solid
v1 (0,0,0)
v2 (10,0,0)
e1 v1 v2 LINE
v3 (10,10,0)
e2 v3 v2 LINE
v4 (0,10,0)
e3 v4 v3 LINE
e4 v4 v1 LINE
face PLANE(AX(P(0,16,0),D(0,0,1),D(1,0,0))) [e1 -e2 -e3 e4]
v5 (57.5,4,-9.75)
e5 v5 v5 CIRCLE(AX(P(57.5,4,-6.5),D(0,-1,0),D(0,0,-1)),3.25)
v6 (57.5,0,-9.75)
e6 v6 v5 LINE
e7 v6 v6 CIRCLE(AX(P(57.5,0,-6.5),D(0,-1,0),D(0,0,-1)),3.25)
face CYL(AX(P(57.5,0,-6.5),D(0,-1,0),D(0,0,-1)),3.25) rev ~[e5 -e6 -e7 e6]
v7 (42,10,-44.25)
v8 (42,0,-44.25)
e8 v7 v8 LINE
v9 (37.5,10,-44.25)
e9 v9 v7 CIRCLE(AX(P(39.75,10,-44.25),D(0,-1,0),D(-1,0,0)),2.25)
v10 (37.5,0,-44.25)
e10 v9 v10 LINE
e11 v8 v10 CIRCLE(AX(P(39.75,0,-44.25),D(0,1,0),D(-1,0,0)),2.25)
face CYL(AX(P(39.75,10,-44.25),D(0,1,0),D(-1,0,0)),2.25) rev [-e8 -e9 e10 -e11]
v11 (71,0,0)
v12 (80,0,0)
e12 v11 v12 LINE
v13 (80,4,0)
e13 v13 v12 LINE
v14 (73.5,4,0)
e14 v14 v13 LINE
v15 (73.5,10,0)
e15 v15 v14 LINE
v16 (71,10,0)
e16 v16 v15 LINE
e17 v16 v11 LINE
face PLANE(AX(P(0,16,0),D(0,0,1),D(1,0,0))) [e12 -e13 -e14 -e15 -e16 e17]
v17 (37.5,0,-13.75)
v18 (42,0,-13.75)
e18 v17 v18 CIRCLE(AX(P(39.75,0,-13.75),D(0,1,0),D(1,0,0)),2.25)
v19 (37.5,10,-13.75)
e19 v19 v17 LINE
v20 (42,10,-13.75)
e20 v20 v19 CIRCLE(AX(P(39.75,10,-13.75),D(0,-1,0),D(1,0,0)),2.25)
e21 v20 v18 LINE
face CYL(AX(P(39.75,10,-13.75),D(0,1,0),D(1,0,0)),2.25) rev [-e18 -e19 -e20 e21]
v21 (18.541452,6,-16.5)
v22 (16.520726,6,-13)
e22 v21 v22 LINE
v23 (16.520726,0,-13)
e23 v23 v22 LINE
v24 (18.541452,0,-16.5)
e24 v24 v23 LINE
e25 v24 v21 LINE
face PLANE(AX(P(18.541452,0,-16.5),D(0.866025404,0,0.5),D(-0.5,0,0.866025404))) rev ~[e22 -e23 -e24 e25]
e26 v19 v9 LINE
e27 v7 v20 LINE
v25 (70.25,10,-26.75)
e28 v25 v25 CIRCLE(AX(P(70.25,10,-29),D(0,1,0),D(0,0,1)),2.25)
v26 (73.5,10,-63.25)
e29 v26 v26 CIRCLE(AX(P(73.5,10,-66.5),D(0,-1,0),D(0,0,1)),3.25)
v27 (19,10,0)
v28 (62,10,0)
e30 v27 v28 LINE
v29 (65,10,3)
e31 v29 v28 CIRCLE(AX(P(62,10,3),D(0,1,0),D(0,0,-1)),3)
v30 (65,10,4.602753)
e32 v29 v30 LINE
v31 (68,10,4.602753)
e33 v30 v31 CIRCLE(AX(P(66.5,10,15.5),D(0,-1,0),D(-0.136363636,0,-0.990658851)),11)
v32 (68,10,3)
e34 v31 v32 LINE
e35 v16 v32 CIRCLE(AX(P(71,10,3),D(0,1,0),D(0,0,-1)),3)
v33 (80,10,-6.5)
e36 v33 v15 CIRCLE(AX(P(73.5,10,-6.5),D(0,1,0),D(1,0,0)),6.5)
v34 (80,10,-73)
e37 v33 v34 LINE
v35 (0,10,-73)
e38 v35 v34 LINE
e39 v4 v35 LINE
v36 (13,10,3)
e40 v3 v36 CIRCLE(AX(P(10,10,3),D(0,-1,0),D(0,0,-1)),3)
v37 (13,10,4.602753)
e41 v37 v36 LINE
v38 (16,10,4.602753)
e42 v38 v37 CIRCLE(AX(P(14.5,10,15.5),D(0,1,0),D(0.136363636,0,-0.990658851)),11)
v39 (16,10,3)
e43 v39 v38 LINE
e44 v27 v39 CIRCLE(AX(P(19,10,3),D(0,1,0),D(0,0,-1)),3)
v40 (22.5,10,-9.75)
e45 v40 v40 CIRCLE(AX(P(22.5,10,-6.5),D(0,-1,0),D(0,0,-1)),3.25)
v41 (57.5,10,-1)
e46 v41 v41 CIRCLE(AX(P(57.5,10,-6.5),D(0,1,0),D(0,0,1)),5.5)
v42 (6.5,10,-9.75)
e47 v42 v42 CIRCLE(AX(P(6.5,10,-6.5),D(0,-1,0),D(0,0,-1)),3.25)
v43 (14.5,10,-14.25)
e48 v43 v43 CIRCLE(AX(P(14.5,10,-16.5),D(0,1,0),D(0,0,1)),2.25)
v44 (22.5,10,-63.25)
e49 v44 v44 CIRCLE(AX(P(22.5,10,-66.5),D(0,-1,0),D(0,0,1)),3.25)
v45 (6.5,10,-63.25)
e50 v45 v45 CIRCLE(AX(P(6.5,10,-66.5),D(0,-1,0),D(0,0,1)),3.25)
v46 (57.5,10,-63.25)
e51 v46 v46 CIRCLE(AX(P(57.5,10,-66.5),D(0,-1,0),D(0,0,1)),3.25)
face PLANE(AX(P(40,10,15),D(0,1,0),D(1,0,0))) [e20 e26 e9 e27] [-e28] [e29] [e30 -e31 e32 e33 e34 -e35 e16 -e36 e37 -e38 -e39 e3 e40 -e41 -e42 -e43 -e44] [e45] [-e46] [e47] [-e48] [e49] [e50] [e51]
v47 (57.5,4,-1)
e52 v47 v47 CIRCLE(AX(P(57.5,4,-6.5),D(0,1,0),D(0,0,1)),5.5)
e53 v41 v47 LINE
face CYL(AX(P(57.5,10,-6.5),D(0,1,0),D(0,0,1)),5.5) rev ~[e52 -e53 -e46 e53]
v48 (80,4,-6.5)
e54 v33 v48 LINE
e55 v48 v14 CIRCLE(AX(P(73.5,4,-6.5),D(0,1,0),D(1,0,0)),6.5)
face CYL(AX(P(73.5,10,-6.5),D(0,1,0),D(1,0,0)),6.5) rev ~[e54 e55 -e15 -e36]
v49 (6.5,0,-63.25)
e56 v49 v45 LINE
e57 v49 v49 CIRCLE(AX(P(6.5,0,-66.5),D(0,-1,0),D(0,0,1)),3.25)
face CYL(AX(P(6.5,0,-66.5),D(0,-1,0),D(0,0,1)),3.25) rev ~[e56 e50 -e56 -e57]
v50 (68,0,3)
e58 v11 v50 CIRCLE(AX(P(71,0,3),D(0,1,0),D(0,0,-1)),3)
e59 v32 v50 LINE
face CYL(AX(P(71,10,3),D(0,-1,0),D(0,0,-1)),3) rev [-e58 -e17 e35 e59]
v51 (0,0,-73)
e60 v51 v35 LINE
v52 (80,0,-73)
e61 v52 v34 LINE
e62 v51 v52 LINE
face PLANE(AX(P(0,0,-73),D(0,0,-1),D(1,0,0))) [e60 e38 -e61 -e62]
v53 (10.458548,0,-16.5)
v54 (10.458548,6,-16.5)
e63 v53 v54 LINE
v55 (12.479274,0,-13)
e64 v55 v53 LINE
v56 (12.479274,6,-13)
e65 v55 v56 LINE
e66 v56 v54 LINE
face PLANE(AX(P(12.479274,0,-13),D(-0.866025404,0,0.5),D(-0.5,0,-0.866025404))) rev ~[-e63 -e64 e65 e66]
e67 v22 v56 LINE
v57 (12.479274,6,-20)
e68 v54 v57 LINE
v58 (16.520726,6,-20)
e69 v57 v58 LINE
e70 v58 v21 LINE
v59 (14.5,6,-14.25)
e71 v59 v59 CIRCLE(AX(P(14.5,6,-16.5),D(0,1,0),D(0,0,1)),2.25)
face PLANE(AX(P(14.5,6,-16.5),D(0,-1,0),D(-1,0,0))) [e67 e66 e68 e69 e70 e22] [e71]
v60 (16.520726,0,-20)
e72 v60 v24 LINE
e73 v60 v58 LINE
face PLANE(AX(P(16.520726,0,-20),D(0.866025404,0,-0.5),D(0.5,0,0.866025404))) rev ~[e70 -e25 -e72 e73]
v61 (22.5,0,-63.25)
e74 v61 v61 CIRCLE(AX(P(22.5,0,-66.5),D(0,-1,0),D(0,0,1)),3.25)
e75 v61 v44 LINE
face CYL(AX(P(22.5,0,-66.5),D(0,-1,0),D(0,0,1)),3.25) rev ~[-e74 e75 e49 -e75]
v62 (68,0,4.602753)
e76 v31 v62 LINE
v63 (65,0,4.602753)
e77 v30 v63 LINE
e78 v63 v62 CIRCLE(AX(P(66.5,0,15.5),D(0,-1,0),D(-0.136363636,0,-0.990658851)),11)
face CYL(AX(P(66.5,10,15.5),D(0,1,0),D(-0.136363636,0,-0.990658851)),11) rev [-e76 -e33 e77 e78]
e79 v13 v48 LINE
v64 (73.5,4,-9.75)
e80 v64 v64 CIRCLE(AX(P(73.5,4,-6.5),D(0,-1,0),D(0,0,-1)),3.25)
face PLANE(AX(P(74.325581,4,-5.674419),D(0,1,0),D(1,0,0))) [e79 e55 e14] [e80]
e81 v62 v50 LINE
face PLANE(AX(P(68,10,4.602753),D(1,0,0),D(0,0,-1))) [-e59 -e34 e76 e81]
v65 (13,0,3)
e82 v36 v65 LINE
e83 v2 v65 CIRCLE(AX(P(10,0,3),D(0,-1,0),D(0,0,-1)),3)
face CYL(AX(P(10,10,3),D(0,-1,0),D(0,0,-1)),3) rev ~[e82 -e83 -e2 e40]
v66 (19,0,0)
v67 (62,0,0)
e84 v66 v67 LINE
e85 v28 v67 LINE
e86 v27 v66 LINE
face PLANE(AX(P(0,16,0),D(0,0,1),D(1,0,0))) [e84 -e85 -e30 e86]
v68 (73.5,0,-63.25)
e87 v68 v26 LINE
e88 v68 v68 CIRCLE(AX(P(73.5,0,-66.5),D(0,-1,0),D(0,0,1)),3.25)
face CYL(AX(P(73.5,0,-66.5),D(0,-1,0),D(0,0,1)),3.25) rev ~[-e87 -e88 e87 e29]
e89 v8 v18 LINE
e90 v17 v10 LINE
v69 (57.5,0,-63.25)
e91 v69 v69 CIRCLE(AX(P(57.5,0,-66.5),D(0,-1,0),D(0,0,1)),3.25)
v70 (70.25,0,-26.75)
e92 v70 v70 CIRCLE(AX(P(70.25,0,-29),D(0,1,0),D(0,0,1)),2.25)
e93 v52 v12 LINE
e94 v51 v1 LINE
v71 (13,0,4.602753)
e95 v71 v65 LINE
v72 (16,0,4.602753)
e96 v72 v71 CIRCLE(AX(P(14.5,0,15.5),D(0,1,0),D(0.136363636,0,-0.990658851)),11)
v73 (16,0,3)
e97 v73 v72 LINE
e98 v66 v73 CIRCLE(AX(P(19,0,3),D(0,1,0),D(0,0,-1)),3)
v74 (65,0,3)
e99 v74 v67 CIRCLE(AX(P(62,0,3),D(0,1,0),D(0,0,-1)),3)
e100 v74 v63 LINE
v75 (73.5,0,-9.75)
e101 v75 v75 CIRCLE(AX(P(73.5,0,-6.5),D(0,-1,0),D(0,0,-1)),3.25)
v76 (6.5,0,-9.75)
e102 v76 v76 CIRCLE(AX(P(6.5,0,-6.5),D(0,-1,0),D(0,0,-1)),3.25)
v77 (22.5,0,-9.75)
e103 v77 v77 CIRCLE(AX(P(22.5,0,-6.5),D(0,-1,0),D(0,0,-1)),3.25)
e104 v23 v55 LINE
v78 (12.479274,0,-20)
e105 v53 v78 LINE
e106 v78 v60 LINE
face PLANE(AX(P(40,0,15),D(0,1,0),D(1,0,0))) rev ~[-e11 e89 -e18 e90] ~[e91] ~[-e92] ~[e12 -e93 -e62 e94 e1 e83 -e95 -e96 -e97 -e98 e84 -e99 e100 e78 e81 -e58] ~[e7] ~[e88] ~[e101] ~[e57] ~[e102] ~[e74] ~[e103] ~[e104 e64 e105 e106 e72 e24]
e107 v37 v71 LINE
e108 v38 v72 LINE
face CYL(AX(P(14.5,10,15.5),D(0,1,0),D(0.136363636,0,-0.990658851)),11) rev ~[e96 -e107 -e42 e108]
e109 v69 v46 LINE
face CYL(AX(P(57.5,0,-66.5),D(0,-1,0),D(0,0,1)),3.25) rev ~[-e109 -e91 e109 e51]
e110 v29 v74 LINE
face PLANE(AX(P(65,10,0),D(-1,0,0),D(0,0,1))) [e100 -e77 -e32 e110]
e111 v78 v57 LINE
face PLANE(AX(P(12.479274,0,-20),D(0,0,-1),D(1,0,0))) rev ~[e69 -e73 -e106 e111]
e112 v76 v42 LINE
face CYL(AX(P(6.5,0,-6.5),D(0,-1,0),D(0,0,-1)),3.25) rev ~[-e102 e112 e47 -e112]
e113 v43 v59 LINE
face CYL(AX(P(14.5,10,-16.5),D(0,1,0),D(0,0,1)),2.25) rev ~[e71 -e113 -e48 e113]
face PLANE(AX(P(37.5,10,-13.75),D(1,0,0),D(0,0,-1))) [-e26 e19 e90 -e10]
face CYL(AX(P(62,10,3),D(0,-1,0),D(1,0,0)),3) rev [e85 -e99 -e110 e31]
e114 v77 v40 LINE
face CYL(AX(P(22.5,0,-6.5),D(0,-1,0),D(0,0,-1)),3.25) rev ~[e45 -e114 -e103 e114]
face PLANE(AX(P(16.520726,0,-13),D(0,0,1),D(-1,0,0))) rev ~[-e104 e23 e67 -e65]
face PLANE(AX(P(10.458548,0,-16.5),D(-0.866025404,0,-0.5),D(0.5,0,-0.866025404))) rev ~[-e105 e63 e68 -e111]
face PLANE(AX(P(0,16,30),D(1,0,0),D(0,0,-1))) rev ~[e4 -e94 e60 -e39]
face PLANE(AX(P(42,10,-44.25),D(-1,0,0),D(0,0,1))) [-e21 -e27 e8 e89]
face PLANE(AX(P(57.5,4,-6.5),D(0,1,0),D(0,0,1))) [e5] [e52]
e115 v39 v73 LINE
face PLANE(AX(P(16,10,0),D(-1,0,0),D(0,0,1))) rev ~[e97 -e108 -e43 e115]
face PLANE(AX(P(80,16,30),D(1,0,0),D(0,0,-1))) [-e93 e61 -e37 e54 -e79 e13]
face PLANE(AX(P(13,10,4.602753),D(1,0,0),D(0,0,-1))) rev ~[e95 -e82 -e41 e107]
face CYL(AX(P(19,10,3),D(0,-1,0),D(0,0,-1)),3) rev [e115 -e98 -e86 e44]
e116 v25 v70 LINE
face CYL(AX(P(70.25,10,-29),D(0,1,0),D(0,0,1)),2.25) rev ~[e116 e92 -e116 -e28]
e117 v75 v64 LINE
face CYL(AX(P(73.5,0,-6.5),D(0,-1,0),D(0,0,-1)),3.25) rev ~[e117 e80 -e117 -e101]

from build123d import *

# Parameters (mm, degrees)
SKETCH1_W           = 80
SKETCH1_H           = 73
BOSS_EXTRUDE1_DEPTH = 10
SKETCH3_R           = 3.25
CUT_EXTRUDE1_DEPTH  = 10
SKETCH4_W           = 80
SKETCH4_H           = 30
SKETCH4_R           = 11.5
BOSS_EXTRUDE2_DEPTH = 10
BOSS_EXTRUDE3_START = 6
SKETCH5_W           = 80
SKETCH5_H           = 29.5
SKETCH5_R           = 11.5
BOSS_EXTRUDE3_DEPTH = 6
SKETCH6_R           = 2.25
CUT_EXTRUDE2_DEPTH  = 28
SKETCH7_W           = 80
SKETCH7_H           = 30
CUT_EXTRUDE3_DEPTH  = 20
BOSS_EXTRUDE4_DEPTH = 10
SKETCH9_R           = 5.5
CUT_EXTRUDE4_DEPTH  = 6
FILLET1_R           = 3
SKETCH10_R          = 2.25
CUT_EXTRUDE5_DEPTH  = 16
CUT_EXTRUDE6_DEPTH  = 6


with BuildPart() as part:
    # Sketch1 → Boss-Extrude1 (new body)
    with BuildSketch(Plane(origin=(0, 0, 0), x_dir=(1, 0, 0), z_dir=(0, 1, 0))):
        with Locations((40, 36.5)):
            Rectangle(SKETCH1_W, SKETCH1_H)
    extrude(amount=BOSS_EXTRUDE1_DEPTH)

    # Sketch3 → Cut-Extrude1 (cut)
    with BuildSketch(Plane(origin=(0, 0, 0), x_dir=(-1, 0, 0), z_dir=(0, -1, 0))):
        with Locations(Location((-6.5, 6.5, 0), (0, 0, 90))):
            Circle(SKETCH3_R)
        with Locations(Location((-22.5, 6.5, 0), (0, 0, 90))):
            Circle(SKETCH3_R)
        with Locations(Location((-57.5, 6.5, 0), (0, 0, 90))):
            Circle(SKETCH3_R)
        with Locations(Location((-73.5, 6.5, 0), (0, 0, 90))):
            Circle(SKETCH3_R)
        with Locations(Location((-73.5, 66.5, 0), (0, 0, 270))):
            Circle(SKETCH3_R)
        with Locations(Location((-57.5, 66.5, 0), (0, 0, 270))):
            Circle(SKETCH3_R)
        with Locations(Location((-22.5, 66.5, 0), (0, 0, 270))):
            Circle(SKETCH3_R)
        with Locations(Location((-6.5, 66.5, 0), (0, 0, 270))):
            Circle(SKETCH3_R)
    extrude(amount=-CUT_EXTRUDE1_DEPTH, mode=Mode.SUBTRACT)

    # Sketch4 → Boss-Extrude2 (add)
    with BuildSketch(Plane(origin=(0, 10, 0), x_dir=(1, 0, 0), z_dir=(0, 1, 0))):
        with Locations((40, -15)):
            Rectangle(SKETCH4_W, SKETCH4_H)
        with Locations(Location((14, -14, 0), (0, 0, 270))):
            Circle(SKETCH4_R, mode=Mode.SUBTRACT)
        with Locations(Location((66, -14, 0), (0, 0, 270))):
            Circle(SKETCH4_R, mode=Mode.SUBTRACT)
    extrude(amount=-BOSS_EXTRUDE2_DEPTH)

    # Sketch5 → Boss-Extrude3 (add)
    with BuildSketch(Plane(origin=(0, 10, 0), x_dir=(1, 0, 0), z_dir=(0, 1, 0)).offset(BOSS_EXTRUDE3_START)):
        with Locations((40, -15.25)):
            Rectangle(SKETCH5_W, SKETCH5_H)
        with Locations(Location((14, -14, 0), (0, 0, 270))):
            Circle(SKETCH5_R, mode=Mode.SUBTRACT)
        with Locations(Location((66, -14, 0), (0, 0, 270))):
            Circle(SKETCH5_R, mode=Mode.SUBTRACT)
    extrude(amount=-BOSS_EXTRUDE3_DEPTH)

    # Sketch6 → Cut-Extrude2 (cut)
    with BuildSketch(Plane(origin=(0, 10, 0), x_dir=(1, 0, 0), z_dir=(0, 1, 0))):
        with Locations(Location((70.25, 29, 0), (0, 0, 270))):
            Circle(SKETCH6_R)
        with BuildLine():
            Line((37.5, 13.75), (37.5, 44.25))
            ThreePointArc((37.5, 44.25), (39.75, 46.5), (42, 44.25))
            Line((42, 44.25), (42, 13.75))
            ThreePointArc((42, 13.75), (39.75, 11.5), (37.5, 13.75))
        make_face()
    extrude(amount=-CUT_EXTRUDE2_DEPTH, mode=Mode.SUBTRACT)

    # Sketch7 → Cut-Extrude3 (cut)
    with BuildSketch(Plane(origin=(0, 16, 0), x_dir=(1, 0, 0), z_dir=(0, 1, 0))):
        with Locations((40, -15)):
            Rectangle(SKETCH7_W, SKETCH7_H)
    extrude(amount=-CUT_EXTRUDE3_DEPTH, mode=Mode.SUBTRACT)

    # Sketch8 → Boss-Extrude4 (add)
    with BuildSketch(Plane(origin=(0, 10, 0), x_dir=(1, 0, 0), z_dir=(0, 1, 0))):
        with BuildLine():
            Line((13, -4.602752641), (13, 0))
            Line((13, 0), (16, 0))
            Line((16, 0), (16, -4.602752641))
            ThreePointArc((16, -4.602752641), (14.5, -4.5), (13, -4.602752641))
        make_face()
        with BuildLine():
            Line((65, 0), (65, -4.602752641))
            ThreePointArc((65, -4.602752641), (66.5, -4.5), (68, -4.602752641))
            Line((68, -4.602752641), (68, 0))
            Line((68, 0), (65, 0))
        make_face()
    extrude(amount=-BOSS_EXTRUDE4_DEPTH)

    # Sketch9 → Cut-Extrude4 (cut)
    with BuildSketch(Plane(origin=(0, 10, 0), x_dir=(1, 0, 0), z_dir=(0, 1, 0))):
        with Locations(Location((57.5, 6.5, 0), (0, 0, 270))):
            Circle(SKETCH9_R)
        with BuildLine():
            Line((73.5, 0), (80, 0))
            Line((80, 0), (80, 6.5))
            ThreePointArc((80, 6.5), (68.903805922, 11.096194078), (73.5, 0))
        make_face()
    extrude(amount=-CUT_EXTRUDE4_DEPTH, mode=Mode.SUBTRACT)

    # Fillet1
    fillet1_edges = [part.edges().sort_by_distance(p)[0] for p in [
        (13, 5, 0),
        (16, 5, 0),
        (65, 5, 0),
        (68, 5, 0),
    ]]
    fillet(fillet1_edges, radius=FILLET1_R)

    # Sketch10 → Cut-Extrude5 (cut)
    with BuildSketch(Plane(origin=(0, 10, 0), x_dir=(1, 0, 0), z_dir=(0, 1, 0))):
        with Locations(Location((14.5, 16.5, 0), (0, 0, 270))):
            Circle(SKETCH10_R)
    extrude(amount=-CUT_EXTRUDE5_DEPTH, mode=Mode.SUBTRACT)

    # Sketch11 → Cut-Extrude6 (cut)
    with BuildSketch(Plane(origin=(0, 0, 0), x_dir=(-1, 0, 0), z_dir=(0, -1, 0))):
        Polygon((-10.458548116, 16.5), (-12.479274058, 20), (-16.520725942, 20), (-18.541451884, 16.5), (-16.520725942, 13), (-12.479274058, 13), align=None)
    extrude(amount=-CUT_EXTRUDE6_DEPTH, mode=Mode.SUBTRACT)


solid = part.part
